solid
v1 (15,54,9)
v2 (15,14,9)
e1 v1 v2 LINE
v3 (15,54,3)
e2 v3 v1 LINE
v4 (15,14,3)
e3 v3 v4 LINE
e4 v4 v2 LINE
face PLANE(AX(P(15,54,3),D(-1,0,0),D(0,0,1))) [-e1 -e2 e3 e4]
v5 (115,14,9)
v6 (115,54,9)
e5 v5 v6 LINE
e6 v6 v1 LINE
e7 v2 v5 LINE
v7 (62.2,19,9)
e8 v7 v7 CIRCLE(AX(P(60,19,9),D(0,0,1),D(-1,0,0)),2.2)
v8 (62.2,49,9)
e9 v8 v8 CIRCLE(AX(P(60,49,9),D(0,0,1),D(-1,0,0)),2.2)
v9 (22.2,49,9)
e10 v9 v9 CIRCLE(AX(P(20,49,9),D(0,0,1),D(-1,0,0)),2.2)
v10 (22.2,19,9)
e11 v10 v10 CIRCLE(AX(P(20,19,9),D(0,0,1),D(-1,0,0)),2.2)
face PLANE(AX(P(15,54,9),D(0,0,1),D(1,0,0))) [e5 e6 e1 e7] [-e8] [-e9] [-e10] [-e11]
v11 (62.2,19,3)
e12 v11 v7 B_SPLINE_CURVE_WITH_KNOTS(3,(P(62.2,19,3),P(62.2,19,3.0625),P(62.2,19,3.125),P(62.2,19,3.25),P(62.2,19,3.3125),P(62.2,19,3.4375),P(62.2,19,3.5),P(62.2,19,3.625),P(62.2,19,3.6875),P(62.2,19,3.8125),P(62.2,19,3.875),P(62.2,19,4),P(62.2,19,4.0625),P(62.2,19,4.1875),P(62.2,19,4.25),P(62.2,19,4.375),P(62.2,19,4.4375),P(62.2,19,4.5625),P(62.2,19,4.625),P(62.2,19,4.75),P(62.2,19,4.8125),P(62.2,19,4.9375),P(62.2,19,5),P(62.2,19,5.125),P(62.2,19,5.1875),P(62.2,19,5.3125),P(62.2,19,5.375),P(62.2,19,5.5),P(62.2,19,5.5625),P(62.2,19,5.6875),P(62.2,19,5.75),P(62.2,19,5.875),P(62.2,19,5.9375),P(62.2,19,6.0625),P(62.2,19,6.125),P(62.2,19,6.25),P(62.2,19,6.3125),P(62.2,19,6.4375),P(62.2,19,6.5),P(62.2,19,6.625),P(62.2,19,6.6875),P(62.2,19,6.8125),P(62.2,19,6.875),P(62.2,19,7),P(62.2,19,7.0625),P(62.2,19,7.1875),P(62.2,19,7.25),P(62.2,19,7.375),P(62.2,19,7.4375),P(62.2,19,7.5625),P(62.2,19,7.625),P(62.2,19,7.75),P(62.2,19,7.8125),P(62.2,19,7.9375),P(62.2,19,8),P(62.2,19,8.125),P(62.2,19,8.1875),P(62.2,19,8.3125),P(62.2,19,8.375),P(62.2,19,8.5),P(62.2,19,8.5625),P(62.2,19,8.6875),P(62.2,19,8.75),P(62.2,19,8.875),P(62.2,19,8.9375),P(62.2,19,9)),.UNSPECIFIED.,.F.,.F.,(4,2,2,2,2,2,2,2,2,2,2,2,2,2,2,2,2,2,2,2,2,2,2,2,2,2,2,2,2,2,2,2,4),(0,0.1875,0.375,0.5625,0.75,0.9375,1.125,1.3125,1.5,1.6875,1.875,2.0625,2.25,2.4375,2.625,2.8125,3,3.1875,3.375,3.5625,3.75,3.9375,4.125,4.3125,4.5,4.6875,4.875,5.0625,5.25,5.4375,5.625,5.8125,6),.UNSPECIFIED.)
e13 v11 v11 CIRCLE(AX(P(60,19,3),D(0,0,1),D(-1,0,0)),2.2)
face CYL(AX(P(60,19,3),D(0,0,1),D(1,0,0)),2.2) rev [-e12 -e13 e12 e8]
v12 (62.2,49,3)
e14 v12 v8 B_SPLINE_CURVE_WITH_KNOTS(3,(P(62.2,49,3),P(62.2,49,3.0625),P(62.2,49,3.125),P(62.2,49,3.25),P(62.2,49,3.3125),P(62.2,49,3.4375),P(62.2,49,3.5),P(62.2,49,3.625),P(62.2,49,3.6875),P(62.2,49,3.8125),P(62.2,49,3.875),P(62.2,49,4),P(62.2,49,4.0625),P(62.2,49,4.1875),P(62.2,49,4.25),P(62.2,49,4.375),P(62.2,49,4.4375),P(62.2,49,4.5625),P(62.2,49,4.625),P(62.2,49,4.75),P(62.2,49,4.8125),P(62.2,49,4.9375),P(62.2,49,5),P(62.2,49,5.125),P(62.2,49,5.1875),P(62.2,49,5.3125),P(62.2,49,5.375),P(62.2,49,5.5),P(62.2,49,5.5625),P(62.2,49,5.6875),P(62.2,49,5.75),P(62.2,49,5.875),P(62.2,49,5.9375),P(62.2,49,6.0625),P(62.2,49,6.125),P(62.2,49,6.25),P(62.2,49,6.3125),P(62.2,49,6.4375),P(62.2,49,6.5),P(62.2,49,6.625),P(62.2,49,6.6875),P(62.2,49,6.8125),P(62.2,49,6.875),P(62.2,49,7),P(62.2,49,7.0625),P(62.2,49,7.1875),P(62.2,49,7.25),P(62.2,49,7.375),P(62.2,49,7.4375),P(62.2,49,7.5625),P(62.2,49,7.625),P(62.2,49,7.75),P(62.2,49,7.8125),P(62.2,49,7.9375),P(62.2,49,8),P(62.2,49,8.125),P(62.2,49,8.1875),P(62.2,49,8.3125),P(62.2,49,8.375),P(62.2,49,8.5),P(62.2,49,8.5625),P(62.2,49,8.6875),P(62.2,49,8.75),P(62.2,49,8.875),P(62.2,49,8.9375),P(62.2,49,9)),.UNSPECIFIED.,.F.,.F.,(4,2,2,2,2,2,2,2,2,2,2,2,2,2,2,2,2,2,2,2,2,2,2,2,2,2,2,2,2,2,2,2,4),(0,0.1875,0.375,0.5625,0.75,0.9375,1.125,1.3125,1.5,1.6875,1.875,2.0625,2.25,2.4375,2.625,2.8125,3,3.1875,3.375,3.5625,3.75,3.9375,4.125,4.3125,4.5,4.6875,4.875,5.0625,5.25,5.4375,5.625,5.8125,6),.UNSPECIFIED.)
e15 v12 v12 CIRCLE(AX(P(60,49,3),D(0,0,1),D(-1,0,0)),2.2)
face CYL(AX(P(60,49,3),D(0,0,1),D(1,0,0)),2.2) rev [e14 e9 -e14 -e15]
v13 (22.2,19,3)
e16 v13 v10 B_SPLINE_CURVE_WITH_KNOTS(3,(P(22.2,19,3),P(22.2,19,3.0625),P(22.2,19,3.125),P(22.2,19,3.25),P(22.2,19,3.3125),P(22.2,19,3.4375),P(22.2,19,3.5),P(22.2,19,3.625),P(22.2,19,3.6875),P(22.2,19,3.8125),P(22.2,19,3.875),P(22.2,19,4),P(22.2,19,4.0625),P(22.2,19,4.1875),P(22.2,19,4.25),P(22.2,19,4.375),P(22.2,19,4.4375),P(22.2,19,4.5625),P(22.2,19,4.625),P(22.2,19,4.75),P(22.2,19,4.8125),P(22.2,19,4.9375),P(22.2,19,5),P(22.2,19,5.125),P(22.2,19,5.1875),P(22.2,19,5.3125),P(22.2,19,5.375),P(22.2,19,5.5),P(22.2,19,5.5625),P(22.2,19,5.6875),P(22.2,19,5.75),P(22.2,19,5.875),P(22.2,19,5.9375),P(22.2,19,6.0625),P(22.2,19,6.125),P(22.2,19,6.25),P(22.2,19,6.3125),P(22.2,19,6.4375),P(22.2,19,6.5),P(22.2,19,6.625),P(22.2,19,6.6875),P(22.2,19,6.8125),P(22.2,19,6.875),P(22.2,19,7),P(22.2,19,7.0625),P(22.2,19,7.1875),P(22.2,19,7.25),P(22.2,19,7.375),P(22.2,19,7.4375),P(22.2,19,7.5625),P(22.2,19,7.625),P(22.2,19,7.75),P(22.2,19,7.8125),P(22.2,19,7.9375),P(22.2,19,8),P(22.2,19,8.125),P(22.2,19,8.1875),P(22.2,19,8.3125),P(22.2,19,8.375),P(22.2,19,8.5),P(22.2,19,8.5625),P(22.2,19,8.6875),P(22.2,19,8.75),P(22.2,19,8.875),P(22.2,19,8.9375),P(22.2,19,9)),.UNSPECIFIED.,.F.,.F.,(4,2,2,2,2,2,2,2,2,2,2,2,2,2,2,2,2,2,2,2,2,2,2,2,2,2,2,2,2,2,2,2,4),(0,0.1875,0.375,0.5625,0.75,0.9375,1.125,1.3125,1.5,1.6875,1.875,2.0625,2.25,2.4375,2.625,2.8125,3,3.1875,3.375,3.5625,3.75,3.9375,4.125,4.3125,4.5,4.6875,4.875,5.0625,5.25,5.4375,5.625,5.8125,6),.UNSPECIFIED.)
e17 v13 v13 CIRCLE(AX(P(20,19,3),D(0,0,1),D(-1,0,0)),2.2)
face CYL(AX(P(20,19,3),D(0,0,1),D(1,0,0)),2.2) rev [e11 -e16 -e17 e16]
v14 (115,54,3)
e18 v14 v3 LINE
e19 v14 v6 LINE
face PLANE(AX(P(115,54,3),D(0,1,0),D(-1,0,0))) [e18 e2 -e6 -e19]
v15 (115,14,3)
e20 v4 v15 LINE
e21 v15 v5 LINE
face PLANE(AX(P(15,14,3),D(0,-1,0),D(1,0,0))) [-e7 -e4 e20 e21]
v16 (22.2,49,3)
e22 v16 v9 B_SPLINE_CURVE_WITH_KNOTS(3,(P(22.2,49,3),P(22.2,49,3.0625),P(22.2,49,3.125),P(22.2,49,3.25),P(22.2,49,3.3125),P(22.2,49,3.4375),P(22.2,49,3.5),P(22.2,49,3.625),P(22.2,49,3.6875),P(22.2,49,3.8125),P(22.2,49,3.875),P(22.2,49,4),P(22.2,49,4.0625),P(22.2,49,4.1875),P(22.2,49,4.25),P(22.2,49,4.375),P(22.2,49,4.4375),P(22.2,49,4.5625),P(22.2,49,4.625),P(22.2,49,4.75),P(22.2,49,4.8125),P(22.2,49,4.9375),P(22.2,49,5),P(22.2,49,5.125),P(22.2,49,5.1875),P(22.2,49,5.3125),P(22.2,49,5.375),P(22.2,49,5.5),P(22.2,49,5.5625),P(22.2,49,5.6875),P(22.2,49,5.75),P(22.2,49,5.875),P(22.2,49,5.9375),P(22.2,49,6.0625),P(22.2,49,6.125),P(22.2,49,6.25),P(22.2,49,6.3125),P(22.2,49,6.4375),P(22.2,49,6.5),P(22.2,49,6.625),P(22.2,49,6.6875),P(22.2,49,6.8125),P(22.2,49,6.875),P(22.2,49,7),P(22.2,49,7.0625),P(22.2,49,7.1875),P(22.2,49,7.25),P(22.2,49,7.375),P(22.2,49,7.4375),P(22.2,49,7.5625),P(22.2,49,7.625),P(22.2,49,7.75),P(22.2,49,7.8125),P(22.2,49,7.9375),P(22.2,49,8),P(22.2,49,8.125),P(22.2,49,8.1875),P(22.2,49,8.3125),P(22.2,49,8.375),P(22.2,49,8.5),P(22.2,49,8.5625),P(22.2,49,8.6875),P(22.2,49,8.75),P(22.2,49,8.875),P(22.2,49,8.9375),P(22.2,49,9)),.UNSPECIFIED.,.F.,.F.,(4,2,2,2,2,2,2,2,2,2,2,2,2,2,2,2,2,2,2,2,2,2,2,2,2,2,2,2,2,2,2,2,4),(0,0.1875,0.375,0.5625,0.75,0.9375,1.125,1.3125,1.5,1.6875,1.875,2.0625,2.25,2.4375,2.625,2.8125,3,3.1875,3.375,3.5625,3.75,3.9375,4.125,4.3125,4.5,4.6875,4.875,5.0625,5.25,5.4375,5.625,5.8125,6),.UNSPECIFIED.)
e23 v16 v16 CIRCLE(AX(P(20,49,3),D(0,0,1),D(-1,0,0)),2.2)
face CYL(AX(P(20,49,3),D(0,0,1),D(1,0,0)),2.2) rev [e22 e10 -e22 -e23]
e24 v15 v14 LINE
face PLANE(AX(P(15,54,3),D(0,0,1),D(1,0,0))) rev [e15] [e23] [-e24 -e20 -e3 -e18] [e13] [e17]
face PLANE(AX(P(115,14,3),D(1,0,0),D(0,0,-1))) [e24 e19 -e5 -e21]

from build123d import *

# Parameters (mm, degrees)
SKETCH1_W           = 100
SKETCH1_H           = 40
SKETCH1_R           = 2.2
BOSS_EXTRUDE1_DEPTH = 6


with BuildPart() as part:
    # Sketch1 → Boss-Extrude1 (new body)
    with BuildSketch(Plane.XY.offset(9)):
        with Locations((65, 34)):
            Rectangle(SKETCH1_W, SKETCH1_H)
        with Locations((60, 49)):
            Circle(SKETCH1_R, mode=Mode.SUBTRACT)
        with Locations((20, 19)):
            Circle(SKETCH1_R, mode=Mode.SUBTRACT)
        with Locations((20, 49)):
            Circle(SKETCH1_R, mode=Mode.SUBTRACT)
        with Locations((60, 19)):
            Circle(SKETCH1_R, mode=Mode.SUBTRACT)
    extrude(amount=-BOSS_EXTRUDE1_DEPTH)


solid = part.part
